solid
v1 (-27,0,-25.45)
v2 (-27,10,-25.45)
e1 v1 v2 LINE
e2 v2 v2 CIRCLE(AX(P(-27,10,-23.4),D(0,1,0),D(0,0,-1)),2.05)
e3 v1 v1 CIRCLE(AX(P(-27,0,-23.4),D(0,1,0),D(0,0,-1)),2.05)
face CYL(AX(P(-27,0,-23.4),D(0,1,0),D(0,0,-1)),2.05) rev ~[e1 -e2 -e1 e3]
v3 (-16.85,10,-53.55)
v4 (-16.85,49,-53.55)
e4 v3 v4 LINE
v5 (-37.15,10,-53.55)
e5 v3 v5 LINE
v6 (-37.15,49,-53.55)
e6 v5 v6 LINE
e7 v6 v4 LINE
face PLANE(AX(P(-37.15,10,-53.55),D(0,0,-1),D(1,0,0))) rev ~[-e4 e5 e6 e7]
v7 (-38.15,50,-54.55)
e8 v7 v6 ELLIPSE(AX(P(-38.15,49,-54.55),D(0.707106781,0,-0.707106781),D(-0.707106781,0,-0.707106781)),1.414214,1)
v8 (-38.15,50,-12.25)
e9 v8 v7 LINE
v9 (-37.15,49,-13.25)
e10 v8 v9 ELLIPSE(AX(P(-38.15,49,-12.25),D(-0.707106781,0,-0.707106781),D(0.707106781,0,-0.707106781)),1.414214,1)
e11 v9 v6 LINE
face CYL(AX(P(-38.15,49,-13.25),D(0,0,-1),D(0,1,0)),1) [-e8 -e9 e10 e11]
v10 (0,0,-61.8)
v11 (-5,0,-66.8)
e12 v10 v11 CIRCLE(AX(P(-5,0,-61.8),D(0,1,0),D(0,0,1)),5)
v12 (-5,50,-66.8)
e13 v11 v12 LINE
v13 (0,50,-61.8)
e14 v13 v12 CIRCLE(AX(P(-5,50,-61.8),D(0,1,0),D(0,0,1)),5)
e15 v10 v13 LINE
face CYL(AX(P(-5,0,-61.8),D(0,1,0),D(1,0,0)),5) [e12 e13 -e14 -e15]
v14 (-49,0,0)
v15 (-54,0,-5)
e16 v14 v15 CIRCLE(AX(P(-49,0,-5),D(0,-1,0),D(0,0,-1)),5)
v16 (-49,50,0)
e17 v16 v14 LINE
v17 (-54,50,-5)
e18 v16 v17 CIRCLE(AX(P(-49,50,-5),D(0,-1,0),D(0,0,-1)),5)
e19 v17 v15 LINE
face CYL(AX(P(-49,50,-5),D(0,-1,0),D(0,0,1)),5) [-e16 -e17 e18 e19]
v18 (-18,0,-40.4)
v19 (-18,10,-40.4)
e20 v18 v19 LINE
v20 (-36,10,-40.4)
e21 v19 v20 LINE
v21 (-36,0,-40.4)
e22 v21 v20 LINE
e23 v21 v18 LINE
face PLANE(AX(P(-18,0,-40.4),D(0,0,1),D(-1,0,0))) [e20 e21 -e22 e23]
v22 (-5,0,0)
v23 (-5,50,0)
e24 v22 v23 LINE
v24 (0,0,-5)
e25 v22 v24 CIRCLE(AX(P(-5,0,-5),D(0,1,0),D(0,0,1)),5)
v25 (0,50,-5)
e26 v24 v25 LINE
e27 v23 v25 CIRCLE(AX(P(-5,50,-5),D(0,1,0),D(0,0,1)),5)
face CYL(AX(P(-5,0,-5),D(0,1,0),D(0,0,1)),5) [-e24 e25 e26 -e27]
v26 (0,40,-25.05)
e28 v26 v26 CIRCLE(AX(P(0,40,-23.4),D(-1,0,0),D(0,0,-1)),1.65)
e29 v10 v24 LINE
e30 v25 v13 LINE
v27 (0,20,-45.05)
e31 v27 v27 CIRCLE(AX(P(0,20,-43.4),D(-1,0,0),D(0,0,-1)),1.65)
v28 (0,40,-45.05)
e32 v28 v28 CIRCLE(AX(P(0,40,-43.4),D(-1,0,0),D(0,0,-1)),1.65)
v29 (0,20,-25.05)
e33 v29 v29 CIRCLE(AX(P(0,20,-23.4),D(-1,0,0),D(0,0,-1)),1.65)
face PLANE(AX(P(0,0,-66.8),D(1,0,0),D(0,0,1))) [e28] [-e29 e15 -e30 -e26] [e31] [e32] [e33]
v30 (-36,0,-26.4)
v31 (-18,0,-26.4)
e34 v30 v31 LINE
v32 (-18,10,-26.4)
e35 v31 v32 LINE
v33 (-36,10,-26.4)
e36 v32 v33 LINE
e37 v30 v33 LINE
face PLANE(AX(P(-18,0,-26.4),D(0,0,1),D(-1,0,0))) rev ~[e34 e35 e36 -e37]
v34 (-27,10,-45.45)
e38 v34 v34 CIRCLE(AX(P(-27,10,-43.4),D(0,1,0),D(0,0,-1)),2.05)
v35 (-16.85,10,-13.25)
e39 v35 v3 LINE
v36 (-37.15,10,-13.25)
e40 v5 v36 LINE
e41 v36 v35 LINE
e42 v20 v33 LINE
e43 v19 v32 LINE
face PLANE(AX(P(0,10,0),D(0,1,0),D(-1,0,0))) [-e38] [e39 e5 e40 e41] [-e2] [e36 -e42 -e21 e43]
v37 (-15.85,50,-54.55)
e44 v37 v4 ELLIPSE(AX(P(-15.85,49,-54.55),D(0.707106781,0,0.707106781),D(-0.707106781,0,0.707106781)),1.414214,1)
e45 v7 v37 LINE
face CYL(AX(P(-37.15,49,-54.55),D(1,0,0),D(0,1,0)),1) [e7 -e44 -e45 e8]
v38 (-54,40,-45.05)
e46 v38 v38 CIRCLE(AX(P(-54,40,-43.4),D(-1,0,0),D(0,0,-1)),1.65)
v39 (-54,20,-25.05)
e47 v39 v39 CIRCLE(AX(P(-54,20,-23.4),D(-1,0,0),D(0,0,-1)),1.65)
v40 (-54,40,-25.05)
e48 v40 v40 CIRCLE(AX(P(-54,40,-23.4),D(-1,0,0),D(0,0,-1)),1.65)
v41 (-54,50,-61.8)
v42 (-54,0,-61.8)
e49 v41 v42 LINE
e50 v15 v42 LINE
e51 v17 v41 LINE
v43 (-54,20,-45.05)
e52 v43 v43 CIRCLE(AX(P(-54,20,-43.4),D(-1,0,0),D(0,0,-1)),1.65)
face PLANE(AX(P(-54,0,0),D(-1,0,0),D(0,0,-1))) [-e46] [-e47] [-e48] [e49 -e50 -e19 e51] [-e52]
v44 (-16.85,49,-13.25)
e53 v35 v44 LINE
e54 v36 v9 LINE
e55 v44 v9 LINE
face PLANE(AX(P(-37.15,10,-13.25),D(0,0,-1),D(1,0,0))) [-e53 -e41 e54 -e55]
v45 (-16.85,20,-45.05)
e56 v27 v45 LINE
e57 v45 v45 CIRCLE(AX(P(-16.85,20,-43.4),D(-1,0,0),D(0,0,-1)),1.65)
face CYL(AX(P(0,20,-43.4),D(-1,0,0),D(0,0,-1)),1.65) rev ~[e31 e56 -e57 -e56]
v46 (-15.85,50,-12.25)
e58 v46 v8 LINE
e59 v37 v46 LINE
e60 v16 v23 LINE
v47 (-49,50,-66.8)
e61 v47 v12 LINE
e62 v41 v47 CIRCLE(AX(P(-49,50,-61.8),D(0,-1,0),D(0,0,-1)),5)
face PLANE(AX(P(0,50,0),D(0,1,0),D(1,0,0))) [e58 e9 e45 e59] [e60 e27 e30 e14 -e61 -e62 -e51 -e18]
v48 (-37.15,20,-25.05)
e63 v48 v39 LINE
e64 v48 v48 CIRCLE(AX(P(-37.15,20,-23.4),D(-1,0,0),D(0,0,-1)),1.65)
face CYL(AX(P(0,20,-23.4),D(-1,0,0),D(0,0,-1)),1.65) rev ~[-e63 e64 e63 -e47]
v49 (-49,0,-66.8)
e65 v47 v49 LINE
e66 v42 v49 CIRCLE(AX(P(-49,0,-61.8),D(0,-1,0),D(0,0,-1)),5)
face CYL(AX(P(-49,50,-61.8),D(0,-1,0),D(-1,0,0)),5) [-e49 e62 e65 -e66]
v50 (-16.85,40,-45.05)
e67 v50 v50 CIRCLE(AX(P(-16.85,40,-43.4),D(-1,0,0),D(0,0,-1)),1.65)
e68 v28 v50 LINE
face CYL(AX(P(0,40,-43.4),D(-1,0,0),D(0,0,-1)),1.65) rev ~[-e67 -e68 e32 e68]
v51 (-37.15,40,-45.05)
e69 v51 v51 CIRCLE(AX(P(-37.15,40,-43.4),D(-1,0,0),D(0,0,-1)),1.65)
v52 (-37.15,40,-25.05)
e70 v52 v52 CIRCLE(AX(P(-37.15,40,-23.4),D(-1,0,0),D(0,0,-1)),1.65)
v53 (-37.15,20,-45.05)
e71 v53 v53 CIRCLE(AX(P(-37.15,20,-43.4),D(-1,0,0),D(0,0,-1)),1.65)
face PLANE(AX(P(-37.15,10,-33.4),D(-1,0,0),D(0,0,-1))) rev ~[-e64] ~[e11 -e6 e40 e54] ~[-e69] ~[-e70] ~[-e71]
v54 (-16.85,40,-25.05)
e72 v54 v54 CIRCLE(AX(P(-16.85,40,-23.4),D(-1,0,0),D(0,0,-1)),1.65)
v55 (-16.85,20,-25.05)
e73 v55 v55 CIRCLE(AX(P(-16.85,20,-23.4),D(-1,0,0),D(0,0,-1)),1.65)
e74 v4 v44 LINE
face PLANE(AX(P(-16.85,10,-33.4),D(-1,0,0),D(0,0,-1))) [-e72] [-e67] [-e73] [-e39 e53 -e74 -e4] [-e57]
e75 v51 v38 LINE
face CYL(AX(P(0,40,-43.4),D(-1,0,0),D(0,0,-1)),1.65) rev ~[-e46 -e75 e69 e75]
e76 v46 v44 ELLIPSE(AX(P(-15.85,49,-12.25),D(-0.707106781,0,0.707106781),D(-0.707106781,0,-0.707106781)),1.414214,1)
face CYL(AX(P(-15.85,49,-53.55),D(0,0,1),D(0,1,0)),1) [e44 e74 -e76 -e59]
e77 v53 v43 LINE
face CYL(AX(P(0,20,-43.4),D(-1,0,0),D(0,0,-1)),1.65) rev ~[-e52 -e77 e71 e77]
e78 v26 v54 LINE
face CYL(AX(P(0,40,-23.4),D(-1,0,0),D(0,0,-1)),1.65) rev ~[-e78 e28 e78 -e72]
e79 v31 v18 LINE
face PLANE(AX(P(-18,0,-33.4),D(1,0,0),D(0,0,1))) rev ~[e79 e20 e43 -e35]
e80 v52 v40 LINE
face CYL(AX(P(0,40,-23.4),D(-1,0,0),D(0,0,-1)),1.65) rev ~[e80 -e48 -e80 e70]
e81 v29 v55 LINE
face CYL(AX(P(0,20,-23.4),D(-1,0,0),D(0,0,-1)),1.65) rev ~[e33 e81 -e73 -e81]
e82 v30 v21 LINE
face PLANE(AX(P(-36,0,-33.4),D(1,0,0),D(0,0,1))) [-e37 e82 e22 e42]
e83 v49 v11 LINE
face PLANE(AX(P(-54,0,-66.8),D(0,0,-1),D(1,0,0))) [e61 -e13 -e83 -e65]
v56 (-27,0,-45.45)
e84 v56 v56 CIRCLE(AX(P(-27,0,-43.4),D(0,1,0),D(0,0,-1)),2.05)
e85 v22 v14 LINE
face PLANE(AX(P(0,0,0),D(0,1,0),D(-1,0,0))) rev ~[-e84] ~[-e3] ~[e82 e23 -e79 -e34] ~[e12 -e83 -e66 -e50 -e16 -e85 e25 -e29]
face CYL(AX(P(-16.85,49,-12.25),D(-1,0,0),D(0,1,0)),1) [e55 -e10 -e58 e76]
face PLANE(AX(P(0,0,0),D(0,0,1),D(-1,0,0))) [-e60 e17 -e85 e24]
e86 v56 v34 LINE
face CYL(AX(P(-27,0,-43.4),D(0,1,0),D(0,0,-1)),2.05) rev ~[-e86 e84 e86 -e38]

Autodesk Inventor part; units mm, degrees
ref_plane "YZ Plane" through (0, 0, 0) normal (1, 0, 0) x (0, 1, 0)
ref_plane "XZ Plane" through (0, 0, 0) normal (0, 1, 0) x (-1, 0, 0)
ref_plane "XY Plane" through (0, 0, 0) normal (0, 0, 1) x (1, 0, 0)
sketch "スケッチ1" plane through (0, 0, 0) normal (0, 1, 0) x (-1, 0, 0)
  line L0 (0, 0) -> (54, 0)
  line L1 (54, 0) -> (54, -66.8)
  line L2 (54, -66.8) -> (0, -66.8)
  line L3 (0, -66.8) -> (0, 0)
  dimension "d0" = 54
  dimension "d1" = 66.8
extrude "押し出し1" add sketch "スケッチ1" along normal blind 10
sketch "スケッチ2" plane through (0, 10, 0) normal (0, 1, 0) x (1, 0, 0)
  line L0 (-54, 66.8) -> (-54, 0) projected
  line L1 (-54, 0) -> (0, 0) projected
  line L2 (-27, 0) -> (-27, 66.8)
  line L3 (0, 66.8) -> (-54, 66.8) projected
  line L4 (-54, 33.4) -> (0, 33.4)
  line L5 (0, 0) -> (0, 66.8) projected
  line L6 (-27, 33.4) -> (-37.15, 33.4)
  line L7 (-37.15, 33.4) -> (-37.15, 53.55)
  line L8 (-37.15, 53.55) -> (-27, 53.55)
  line L9 (-27, 53.55) -> (-27, 33.4)
  line L10 (-37.15, 33.4) -> (-37.15, 13.25)
  line L11 (-37.15, 13.25) -> (-27, 13.25)
  line L12 (-16.85, 33.4) -> (-16.85, 53.55)
  line L13 (-16.85, 53.55) -> (-27, 53.55)
  line L14 (-16.85, 33.4) -> (-16.85, 13.25)
  line L15 (-16.85, 13.25) -> (-27, 13.25)
  dimension "d7" = 20.15
  dimension "d8" = 10.15
extrude "押し出し2" add sketch "スケッチ2" along normal blind 40 contours L3 L2 L8 L7 L4 L0 | L4 L10 L11 L2 L1 L0 | L3 L5 L4 L12 L13 L2 | L2 L15 L14 L4 L5 L1
fillet "フィレット1" radius 5 4 edges at (0, 25, 0) (0, 25, -66.8) (-54, 25, -66.8) (-54, 25, 0)
sketch "スケッチ3" plane through (0, 0, -5) normal (1, 0, 0) x (0, 0, -1)
  line L0 (48.55, 50) -> (8.25, 50) projected
  line L1 (28.4, 50) -> (28.4, 0)
  line L2 (0, 0) -> (56.8, 0) projected
  line L3 (18.4, 50) -> (18.4, 0)
  line L4 (0, 50) -> (0, 0) projected
  line L5 (0, 10) -> (62, 10)
  line L6 (8.25, 10) -> (48.55, 10) projected
  point P0 (-5, 0)
  point P1 (18.4, 20)
  point P2 (18.4, 40)
  point P3 (38.4, 20)
  point P4 (38.4, 40)
  dimension "d12" = 10
  dimension "d13" = 10
  dimension "d14" = 10
  dimension "d15" = 20
hole "穴1" at (0, 20, -23.4) at (0, 40, -23.4) at (0, 40, -43.4) at (0, 20, -43.4) direction (-1, 0, 0) diameter 3.3 end through all
sketch "スケッチ4" plane through (0, 0, 0) normal (0, -1, 0) x (1, 0, 0)
  line L0 (-5, -66.8) -> (-49, -66.8) projected
  line L1 (-27, -66.8) -> (-27, 0)
  line L2 (-49, 0) -> (-5, 0) projected
  line L3 (-54, -61.8) -> (-54, -5) projected
  line L4 (-54, -33.4) -> (0, -33.4)
  line L5 (0, -5) -> (0, -61.8) projected
  point P0 (0, 0)
  point P1 (-27, -43.4)
  point P2 (-27, -23.4)
  dimension "d23" = 10
  dimension "d24" = 10
hole "穴2" at (-27, 0, -43.4) at (-27, 0, -23.4) direction (0, 1, 0) diameter 4.1 end through all
fillet "フィレット2" radius 1 4 edges at (-37.15, 50, -33.4) (-27, 50, -13.25) (-16.85, 50, -33.4) (-27, 50, -53.55)
sketch "スケッチ5" plane through (0, 0, 0) normal (0, -1, 0) x (1, 0, 0)
  circle A0 centre (-27, -23.4) radius 2.05 projected
  circle A1 centre (-27, -43.4) radius 2.05 projected
  line L0 (-27, -23.4) -> (-27, -43.4)
  line L1 (-27, -33.4) -> (-18, -33.4)
  line L2 (-18, -33.4) -> (-18, -40.4)
  line L3 (-18, -40.4) -> (-27, -40.4)
  line L4 (-27, -40.4) -> (-27, -33.4)
  line L5 (-18, -33.4) -> (-18, -26.4)
  line L6 (-18, -26.4) -> (-27, -26.4)
  line L7 (-36, -33.4) -> (-36, -40.4)
  line L8 (-36, -40.4) -> (-27, -40.4)
  line L9 (-36, -33.4) -> (-36, -26.4)
  line L10 (-36, -26.4) -> (-27, -26.4)
  point P0 (0, 0)
  dimension "d33" = 7
  dimension "d34" = 9
extrude "押し出し3" cut sketch "スケッチ5" against normal blind 10 contours L6 L5 L1 L0 | L0 L8 L7 L9 L10 | L1 L2 L3 L0
properties part number "framefixpart1_v2"
